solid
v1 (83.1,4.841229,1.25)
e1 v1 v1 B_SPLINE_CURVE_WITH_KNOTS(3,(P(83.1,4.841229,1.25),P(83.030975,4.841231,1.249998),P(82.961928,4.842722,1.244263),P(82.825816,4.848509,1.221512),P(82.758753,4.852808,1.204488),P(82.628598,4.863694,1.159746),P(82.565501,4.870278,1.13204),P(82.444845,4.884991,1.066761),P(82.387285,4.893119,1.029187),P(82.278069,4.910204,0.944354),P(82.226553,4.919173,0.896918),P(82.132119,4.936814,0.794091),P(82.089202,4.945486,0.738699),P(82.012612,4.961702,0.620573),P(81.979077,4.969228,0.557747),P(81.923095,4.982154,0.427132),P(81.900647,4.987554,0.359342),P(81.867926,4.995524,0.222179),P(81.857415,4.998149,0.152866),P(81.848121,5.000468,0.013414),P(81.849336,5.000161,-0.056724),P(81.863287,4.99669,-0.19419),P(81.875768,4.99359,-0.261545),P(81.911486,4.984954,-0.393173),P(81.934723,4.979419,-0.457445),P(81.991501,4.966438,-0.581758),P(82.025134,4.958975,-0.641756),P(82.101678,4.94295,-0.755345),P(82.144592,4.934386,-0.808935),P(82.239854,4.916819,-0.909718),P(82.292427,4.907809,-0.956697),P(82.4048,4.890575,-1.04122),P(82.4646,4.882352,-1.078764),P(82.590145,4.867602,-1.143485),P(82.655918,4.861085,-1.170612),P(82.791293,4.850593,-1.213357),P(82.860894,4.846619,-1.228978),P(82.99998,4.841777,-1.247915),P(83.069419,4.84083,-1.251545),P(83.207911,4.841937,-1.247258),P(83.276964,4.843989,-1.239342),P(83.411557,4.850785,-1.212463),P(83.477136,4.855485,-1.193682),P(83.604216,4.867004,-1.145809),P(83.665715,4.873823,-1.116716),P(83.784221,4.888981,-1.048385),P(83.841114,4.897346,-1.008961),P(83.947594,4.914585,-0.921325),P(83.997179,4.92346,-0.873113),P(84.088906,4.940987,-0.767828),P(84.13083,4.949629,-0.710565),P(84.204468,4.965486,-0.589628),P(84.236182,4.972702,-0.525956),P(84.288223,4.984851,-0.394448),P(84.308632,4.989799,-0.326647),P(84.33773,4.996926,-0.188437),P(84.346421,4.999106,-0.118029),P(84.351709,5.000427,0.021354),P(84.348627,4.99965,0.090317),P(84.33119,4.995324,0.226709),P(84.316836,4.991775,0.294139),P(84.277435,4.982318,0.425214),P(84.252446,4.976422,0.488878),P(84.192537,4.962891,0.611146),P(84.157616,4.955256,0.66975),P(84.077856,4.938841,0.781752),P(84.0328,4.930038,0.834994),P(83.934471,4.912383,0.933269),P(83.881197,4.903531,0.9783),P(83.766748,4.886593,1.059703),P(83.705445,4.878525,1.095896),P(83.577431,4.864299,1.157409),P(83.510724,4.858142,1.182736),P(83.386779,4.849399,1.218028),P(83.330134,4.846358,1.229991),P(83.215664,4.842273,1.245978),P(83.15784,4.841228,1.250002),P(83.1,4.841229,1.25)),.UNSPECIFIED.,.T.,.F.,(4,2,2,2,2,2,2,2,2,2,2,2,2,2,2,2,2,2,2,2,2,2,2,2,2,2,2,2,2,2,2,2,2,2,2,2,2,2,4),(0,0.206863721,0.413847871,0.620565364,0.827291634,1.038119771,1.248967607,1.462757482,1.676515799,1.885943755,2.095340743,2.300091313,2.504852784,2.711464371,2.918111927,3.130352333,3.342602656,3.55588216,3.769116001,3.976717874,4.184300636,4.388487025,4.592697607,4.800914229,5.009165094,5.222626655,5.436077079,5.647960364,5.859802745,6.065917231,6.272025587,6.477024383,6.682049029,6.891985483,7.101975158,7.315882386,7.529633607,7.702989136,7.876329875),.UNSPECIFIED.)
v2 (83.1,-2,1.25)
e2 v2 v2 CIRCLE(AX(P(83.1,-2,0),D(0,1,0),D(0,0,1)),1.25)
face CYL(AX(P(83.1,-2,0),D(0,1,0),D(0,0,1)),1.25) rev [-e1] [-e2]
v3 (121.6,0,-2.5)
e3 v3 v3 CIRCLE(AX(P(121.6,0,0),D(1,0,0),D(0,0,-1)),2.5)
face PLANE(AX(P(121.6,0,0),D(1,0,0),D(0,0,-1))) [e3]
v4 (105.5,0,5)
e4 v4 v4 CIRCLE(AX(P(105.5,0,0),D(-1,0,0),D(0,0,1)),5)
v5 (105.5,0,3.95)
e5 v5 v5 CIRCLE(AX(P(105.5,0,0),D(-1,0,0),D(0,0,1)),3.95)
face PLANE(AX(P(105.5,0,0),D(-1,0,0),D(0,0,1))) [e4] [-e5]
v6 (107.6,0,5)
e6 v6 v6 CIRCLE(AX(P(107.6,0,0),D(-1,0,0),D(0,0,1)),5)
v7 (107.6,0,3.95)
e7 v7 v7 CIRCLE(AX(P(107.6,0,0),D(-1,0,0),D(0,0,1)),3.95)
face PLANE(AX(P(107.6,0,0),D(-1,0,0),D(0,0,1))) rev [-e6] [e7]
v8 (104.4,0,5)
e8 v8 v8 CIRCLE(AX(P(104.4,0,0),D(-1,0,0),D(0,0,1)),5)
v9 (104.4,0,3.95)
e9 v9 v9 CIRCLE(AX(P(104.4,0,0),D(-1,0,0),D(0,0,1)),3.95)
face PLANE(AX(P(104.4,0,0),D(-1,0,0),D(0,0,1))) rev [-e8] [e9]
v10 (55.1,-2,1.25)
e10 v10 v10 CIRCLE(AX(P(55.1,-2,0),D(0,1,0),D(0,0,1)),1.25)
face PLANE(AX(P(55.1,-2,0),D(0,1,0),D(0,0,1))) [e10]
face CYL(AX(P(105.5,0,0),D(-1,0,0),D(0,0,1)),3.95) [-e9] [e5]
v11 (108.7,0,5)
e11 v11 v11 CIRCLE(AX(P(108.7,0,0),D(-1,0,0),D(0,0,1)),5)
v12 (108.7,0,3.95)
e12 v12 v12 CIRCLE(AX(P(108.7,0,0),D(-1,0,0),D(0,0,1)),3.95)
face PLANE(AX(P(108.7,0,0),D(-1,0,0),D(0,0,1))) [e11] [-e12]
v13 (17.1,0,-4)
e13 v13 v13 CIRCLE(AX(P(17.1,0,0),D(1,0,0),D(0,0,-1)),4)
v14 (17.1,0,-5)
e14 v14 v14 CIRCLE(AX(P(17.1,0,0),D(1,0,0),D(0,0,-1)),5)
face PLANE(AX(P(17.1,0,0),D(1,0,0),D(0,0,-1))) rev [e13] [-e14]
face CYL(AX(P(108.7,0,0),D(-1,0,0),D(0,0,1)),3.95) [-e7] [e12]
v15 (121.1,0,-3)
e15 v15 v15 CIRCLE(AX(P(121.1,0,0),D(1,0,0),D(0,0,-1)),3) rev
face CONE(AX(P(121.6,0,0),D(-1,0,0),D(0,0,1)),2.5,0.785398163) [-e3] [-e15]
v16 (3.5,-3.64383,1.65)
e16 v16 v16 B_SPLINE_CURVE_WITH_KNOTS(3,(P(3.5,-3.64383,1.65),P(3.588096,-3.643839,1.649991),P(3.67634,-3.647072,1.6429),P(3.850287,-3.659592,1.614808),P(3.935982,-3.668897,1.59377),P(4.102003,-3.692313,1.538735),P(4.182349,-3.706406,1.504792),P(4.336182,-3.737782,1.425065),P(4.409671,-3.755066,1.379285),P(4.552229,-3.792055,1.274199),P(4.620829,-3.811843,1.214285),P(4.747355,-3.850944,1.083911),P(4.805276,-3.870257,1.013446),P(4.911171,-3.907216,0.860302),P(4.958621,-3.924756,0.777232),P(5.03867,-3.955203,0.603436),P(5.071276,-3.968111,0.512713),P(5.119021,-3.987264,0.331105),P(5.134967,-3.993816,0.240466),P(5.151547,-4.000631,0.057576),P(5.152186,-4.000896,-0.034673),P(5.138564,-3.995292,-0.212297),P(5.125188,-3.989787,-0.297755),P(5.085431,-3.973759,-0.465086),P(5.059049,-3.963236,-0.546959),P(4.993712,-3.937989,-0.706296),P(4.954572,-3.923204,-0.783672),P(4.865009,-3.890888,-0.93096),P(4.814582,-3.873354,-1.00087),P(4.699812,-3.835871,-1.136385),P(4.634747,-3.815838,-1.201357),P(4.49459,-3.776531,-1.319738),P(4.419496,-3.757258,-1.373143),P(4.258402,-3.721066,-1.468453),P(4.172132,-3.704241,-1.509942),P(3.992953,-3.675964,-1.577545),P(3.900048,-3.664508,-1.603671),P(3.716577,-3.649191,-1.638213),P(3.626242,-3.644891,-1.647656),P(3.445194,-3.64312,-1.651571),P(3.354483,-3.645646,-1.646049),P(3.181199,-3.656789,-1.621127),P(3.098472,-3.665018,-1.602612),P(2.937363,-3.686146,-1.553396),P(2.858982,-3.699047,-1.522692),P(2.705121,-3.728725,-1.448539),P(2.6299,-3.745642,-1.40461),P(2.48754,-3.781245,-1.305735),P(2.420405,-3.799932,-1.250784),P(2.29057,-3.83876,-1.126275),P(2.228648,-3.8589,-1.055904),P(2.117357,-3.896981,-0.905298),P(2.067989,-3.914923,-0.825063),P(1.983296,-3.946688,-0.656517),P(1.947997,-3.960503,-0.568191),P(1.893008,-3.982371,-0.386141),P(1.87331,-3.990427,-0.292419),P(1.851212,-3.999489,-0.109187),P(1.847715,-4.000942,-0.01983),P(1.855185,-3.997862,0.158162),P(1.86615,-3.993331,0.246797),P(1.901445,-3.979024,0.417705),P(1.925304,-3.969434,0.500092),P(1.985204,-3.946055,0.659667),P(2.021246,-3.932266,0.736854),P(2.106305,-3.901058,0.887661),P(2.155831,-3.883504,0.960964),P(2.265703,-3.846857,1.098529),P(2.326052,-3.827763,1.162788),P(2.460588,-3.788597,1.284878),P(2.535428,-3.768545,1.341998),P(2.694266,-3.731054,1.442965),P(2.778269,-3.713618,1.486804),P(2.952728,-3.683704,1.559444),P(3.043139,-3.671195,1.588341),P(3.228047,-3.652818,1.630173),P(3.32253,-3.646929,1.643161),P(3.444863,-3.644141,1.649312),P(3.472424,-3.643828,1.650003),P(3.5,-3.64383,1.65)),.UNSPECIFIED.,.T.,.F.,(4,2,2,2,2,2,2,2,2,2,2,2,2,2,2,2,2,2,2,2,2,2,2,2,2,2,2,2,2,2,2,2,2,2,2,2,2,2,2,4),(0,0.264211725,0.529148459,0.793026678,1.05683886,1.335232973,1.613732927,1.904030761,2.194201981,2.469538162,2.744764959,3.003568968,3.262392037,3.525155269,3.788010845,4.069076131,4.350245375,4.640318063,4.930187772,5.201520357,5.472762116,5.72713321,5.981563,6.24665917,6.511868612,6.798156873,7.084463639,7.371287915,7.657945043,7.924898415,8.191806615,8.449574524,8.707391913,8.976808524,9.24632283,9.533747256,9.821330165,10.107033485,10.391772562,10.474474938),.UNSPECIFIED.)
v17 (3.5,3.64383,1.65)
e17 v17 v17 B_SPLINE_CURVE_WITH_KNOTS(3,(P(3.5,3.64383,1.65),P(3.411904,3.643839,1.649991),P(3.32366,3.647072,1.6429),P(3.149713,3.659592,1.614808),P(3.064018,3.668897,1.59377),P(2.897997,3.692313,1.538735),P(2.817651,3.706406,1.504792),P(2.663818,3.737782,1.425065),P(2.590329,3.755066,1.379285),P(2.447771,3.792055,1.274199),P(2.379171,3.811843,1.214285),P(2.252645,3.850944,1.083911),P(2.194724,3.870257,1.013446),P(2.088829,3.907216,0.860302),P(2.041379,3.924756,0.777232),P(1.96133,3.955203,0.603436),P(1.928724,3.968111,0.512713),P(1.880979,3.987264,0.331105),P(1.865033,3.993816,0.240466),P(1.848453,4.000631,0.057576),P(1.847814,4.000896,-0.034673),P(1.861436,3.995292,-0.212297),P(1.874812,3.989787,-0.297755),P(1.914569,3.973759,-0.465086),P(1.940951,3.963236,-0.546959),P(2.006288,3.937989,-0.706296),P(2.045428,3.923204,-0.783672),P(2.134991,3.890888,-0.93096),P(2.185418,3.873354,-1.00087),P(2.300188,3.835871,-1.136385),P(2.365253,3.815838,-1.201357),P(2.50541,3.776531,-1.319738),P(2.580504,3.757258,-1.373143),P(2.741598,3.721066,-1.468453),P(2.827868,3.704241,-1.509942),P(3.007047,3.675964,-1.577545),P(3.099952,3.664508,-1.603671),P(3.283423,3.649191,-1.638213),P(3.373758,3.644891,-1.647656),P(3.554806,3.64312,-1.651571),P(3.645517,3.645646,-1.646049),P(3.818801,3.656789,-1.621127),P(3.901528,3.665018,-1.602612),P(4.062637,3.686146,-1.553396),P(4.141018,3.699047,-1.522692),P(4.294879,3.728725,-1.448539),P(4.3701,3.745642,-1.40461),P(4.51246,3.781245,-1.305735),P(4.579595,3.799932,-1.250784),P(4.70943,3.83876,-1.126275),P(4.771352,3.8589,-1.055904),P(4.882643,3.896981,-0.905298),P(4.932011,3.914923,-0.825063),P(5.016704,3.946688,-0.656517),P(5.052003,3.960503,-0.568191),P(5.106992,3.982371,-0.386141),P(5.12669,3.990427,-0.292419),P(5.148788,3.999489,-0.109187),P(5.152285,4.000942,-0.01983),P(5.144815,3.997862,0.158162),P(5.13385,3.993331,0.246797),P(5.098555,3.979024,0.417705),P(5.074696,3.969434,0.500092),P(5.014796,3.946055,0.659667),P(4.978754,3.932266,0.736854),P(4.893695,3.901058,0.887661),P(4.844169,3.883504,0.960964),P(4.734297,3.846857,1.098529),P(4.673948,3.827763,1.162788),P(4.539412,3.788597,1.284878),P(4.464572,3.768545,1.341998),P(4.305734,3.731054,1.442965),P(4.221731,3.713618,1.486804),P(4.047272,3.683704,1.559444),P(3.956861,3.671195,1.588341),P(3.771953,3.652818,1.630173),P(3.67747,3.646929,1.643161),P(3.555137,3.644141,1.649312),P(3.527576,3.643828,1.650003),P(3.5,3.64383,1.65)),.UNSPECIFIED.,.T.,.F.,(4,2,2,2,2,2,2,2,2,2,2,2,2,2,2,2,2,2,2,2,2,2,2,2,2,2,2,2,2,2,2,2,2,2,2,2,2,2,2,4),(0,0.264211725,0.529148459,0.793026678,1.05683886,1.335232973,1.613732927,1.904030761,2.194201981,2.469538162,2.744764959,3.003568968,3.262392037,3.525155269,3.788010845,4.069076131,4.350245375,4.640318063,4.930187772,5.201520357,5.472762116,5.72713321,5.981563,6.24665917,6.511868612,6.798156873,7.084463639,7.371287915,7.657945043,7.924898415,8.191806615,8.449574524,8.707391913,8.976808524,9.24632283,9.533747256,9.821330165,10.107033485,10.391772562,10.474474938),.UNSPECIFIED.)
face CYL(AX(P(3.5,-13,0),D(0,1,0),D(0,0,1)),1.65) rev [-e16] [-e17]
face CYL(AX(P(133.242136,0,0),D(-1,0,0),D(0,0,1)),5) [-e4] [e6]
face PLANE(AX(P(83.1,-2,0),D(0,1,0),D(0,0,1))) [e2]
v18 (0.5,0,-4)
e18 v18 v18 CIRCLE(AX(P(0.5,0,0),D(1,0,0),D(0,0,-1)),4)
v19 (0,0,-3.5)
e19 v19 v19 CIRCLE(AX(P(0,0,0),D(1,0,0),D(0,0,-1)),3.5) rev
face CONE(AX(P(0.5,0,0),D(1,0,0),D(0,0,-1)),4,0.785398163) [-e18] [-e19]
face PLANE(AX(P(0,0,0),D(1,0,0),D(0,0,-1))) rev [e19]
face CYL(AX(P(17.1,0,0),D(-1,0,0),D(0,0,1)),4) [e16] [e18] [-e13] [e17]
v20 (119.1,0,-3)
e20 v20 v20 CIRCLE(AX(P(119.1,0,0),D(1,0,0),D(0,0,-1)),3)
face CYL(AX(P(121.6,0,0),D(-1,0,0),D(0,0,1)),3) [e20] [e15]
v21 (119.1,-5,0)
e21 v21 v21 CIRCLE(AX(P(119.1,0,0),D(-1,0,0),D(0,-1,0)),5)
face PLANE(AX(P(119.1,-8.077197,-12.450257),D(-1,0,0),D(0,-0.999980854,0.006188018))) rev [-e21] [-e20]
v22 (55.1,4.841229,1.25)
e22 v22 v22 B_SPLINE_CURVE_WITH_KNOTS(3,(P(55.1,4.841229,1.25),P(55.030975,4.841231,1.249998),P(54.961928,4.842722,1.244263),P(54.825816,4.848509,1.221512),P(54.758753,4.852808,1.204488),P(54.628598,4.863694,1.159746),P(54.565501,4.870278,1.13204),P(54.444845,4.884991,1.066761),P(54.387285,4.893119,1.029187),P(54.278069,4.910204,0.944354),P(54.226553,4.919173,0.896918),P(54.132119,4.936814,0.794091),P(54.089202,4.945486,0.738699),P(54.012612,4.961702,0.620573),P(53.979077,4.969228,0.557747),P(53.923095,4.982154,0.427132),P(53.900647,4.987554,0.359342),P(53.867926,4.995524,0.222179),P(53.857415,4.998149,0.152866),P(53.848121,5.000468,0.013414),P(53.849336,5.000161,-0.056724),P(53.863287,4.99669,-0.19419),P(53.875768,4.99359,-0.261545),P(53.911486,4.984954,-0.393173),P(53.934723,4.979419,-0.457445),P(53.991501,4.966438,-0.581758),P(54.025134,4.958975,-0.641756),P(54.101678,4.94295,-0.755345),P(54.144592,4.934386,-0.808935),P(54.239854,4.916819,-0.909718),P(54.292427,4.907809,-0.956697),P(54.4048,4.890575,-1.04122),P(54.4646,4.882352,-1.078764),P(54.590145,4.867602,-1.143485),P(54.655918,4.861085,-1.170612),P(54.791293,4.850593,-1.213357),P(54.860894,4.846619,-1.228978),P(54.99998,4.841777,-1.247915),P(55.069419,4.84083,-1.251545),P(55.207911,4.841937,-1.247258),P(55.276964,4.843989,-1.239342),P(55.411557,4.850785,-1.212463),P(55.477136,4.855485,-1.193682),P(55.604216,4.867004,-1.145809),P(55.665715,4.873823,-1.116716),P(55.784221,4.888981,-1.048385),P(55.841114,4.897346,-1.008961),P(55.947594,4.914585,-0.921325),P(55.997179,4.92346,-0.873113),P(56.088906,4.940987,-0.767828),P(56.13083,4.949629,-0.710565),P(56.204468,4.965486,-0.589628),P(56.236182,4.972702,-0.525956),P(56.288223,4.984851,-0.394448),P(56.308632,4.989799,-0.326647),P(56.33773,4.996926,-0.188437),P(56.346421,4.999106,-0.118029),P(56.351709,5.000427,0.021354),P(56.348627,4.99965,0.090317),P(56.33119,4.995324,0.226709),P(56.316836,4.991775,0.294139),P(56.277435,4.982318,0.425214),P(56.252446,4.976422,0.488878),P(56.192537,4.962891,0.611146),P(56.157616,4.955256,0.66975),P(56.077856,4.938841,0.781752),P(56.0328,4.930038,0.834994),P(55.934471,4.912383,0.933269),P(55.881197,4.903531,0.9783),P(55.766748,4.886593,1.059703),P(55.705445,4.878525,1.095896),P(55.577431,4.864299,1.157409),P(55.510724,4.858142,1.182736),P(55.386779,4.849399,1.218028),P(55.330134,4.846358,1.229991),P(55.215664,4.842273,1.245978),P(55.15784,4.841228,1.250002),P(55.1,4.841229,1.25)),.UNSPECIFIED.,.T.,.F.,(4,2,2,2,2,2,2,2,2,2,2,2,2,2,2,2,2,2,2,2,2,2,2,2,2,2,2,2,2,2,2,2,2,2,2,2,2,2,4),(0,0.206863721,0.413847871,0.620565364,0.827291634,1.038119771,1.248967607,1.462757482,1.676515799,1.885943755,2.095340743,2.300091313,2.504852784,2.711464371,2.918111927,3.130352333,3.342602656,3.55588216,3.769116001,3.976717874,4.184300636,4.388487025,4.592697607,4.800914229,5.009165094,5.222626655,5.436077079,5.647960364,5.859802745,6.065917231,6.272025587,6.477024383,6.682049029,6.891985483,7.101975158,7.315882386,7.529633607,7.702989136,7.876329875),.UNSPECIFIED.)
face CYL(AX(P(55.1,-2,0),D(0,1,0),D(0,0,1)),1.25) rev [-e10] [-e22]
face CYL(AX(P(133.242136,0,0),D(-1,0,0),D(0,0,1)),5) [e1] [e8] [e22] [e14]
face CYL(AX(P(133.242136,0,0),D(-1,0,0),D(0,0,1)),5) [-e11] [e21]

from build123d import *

# Parameters (mm, degrees)
SKETCH_1_R          = 4
EXTRUDE_1_DEPTH     = 17.1
SKETCH_2_R          = 5
EXTRUDE_2_DEPTH     = 102
SKETCH_3_R          = 1.65
CUT_EXTRUDE_1_DEPTH = 20
CUT_EXTRUDE_START   = -6.8
SKETCH_7_R          = 5
SKETCH_7_R_2        = 3.95
CUT_EXTRUDE_4_DEPTH = 1.1
SKETCH_8_R          = 3
EXTRUDE_3_DEPTH     = 2.5
CHAMFER_1_SIZE      = 0.5
SKETCH_9_R          = 1.25
CUT_EXTRUDE_5_DEPTH = 7
CUT_EXTRUDE_START_2 = -10
SKETCH_7_2_R        = 5
SKETCH_7_2_R_2      = 3.95
CUT_EXTRUDE_6_DEPTH = 1.1


with BuildPart() as part:
    # 草图1 → 凸台-拉伸1 (new body)
    with BuildSketch(Plane(origin=(0, 0, 0), x_dir=(0, 0, -1), z_dir=(1, 0, 0))):
        Circle(SKETCH_1_R)
    extrude(amount=EXTRUDE_1_DEPTH)

    # 草图2 → 凸台-拉伸2 (add)
    with BuildSketch(Plane(origin=(17.1, 0, 0), x_dir=(0, 0, -1), z_dir=(1, 0, 0))):
        with Locations(Location((0, 0, 0), (0, 0, 270))):
            Circle(SKETCH_2_R)
    extrude(amount=EXTRUDE_2_DEPTH)

    # 草图3 → 切除-拉伸1 (cut)
    with BuildSketch(Plane(origin=(0, 7, 0), x_dir=(1, 0, 0), z_dir=(0, 1, 0))):
        with Locations(Location((3.5, 0, 0), (0, 0, 270))):
            Circle(SKETCH_3_R)
    extrude(amount=-CUT_EXTRUDE_1_DEPTH, mode=Mode.SUBTRACT)

    # 草图7 → 切除-拉伸4 (cut)
    with BuildSketch(Plane.ZY.offset(-97.6).offset(CUT_EXTRUDE_START)):
        Circle(SKETCH_7_R)
        Circle(SKETCH_7_R_2, mode=Mode.SUBTRACT)
    extrude(amount=-CUT_EXTRUDE_4_DEPTH, mode=Mode.SUBTRACT)

    # 草图8 → 凸台-拉伸3 (add)
    with BuildSketch(Plane(origin=(119.1, 0, 0), x_dir=(0, 0, -1), z_dir=(1, 0, 0))):
        Circle(SKETCH_8_R)
    extrude(amount=EXTRUDE_3_DEPTH)

    # 倒角1
    chamfer_1_edges = [part.edges().sort_by_distance(p)[0] for p in [
        (0, 0, 4),
        (121.6, 0, 3),
    ]]
    chamfer(chamfer_1_edges, length=CHAMFER_1_SIZE)

    # 草图9 → 切除-拉伸5 (cut)
    with BuildSketch(Plane(origin=(0, 5, 0), x_dir=(1, 0, 0), z_dir=(0, 1, 0))):
        with Locations(Location((83.1, 0, 0), (0, 0, 270))):
            Circle(SKETCH_9_R)
        with Locations(Location((55.1, 0, 0), (0, 0, 270))):
            Circle(SKETCH_9_R)
    extrude(amount=-CUT_EXTRUDE_5_DEPTH, mode=Mode.SUBTRACT)

    # 草图7<2> → 切除-拉伸6 (cut)
    with BuildSketch(Plane.ZY.offset(-97.6).offset(CUT_EXTRUDE_START_2)):
        Circle(SKETCH_7_2_R)
        Circle(SKETCH_7_2_R_2, mode=Mode.SUBTRACT)
    extrude(amount=-CUT_EXTRUDE_6_DEPTH, mode=Mode.SUBTRACT)


solid = part.part
